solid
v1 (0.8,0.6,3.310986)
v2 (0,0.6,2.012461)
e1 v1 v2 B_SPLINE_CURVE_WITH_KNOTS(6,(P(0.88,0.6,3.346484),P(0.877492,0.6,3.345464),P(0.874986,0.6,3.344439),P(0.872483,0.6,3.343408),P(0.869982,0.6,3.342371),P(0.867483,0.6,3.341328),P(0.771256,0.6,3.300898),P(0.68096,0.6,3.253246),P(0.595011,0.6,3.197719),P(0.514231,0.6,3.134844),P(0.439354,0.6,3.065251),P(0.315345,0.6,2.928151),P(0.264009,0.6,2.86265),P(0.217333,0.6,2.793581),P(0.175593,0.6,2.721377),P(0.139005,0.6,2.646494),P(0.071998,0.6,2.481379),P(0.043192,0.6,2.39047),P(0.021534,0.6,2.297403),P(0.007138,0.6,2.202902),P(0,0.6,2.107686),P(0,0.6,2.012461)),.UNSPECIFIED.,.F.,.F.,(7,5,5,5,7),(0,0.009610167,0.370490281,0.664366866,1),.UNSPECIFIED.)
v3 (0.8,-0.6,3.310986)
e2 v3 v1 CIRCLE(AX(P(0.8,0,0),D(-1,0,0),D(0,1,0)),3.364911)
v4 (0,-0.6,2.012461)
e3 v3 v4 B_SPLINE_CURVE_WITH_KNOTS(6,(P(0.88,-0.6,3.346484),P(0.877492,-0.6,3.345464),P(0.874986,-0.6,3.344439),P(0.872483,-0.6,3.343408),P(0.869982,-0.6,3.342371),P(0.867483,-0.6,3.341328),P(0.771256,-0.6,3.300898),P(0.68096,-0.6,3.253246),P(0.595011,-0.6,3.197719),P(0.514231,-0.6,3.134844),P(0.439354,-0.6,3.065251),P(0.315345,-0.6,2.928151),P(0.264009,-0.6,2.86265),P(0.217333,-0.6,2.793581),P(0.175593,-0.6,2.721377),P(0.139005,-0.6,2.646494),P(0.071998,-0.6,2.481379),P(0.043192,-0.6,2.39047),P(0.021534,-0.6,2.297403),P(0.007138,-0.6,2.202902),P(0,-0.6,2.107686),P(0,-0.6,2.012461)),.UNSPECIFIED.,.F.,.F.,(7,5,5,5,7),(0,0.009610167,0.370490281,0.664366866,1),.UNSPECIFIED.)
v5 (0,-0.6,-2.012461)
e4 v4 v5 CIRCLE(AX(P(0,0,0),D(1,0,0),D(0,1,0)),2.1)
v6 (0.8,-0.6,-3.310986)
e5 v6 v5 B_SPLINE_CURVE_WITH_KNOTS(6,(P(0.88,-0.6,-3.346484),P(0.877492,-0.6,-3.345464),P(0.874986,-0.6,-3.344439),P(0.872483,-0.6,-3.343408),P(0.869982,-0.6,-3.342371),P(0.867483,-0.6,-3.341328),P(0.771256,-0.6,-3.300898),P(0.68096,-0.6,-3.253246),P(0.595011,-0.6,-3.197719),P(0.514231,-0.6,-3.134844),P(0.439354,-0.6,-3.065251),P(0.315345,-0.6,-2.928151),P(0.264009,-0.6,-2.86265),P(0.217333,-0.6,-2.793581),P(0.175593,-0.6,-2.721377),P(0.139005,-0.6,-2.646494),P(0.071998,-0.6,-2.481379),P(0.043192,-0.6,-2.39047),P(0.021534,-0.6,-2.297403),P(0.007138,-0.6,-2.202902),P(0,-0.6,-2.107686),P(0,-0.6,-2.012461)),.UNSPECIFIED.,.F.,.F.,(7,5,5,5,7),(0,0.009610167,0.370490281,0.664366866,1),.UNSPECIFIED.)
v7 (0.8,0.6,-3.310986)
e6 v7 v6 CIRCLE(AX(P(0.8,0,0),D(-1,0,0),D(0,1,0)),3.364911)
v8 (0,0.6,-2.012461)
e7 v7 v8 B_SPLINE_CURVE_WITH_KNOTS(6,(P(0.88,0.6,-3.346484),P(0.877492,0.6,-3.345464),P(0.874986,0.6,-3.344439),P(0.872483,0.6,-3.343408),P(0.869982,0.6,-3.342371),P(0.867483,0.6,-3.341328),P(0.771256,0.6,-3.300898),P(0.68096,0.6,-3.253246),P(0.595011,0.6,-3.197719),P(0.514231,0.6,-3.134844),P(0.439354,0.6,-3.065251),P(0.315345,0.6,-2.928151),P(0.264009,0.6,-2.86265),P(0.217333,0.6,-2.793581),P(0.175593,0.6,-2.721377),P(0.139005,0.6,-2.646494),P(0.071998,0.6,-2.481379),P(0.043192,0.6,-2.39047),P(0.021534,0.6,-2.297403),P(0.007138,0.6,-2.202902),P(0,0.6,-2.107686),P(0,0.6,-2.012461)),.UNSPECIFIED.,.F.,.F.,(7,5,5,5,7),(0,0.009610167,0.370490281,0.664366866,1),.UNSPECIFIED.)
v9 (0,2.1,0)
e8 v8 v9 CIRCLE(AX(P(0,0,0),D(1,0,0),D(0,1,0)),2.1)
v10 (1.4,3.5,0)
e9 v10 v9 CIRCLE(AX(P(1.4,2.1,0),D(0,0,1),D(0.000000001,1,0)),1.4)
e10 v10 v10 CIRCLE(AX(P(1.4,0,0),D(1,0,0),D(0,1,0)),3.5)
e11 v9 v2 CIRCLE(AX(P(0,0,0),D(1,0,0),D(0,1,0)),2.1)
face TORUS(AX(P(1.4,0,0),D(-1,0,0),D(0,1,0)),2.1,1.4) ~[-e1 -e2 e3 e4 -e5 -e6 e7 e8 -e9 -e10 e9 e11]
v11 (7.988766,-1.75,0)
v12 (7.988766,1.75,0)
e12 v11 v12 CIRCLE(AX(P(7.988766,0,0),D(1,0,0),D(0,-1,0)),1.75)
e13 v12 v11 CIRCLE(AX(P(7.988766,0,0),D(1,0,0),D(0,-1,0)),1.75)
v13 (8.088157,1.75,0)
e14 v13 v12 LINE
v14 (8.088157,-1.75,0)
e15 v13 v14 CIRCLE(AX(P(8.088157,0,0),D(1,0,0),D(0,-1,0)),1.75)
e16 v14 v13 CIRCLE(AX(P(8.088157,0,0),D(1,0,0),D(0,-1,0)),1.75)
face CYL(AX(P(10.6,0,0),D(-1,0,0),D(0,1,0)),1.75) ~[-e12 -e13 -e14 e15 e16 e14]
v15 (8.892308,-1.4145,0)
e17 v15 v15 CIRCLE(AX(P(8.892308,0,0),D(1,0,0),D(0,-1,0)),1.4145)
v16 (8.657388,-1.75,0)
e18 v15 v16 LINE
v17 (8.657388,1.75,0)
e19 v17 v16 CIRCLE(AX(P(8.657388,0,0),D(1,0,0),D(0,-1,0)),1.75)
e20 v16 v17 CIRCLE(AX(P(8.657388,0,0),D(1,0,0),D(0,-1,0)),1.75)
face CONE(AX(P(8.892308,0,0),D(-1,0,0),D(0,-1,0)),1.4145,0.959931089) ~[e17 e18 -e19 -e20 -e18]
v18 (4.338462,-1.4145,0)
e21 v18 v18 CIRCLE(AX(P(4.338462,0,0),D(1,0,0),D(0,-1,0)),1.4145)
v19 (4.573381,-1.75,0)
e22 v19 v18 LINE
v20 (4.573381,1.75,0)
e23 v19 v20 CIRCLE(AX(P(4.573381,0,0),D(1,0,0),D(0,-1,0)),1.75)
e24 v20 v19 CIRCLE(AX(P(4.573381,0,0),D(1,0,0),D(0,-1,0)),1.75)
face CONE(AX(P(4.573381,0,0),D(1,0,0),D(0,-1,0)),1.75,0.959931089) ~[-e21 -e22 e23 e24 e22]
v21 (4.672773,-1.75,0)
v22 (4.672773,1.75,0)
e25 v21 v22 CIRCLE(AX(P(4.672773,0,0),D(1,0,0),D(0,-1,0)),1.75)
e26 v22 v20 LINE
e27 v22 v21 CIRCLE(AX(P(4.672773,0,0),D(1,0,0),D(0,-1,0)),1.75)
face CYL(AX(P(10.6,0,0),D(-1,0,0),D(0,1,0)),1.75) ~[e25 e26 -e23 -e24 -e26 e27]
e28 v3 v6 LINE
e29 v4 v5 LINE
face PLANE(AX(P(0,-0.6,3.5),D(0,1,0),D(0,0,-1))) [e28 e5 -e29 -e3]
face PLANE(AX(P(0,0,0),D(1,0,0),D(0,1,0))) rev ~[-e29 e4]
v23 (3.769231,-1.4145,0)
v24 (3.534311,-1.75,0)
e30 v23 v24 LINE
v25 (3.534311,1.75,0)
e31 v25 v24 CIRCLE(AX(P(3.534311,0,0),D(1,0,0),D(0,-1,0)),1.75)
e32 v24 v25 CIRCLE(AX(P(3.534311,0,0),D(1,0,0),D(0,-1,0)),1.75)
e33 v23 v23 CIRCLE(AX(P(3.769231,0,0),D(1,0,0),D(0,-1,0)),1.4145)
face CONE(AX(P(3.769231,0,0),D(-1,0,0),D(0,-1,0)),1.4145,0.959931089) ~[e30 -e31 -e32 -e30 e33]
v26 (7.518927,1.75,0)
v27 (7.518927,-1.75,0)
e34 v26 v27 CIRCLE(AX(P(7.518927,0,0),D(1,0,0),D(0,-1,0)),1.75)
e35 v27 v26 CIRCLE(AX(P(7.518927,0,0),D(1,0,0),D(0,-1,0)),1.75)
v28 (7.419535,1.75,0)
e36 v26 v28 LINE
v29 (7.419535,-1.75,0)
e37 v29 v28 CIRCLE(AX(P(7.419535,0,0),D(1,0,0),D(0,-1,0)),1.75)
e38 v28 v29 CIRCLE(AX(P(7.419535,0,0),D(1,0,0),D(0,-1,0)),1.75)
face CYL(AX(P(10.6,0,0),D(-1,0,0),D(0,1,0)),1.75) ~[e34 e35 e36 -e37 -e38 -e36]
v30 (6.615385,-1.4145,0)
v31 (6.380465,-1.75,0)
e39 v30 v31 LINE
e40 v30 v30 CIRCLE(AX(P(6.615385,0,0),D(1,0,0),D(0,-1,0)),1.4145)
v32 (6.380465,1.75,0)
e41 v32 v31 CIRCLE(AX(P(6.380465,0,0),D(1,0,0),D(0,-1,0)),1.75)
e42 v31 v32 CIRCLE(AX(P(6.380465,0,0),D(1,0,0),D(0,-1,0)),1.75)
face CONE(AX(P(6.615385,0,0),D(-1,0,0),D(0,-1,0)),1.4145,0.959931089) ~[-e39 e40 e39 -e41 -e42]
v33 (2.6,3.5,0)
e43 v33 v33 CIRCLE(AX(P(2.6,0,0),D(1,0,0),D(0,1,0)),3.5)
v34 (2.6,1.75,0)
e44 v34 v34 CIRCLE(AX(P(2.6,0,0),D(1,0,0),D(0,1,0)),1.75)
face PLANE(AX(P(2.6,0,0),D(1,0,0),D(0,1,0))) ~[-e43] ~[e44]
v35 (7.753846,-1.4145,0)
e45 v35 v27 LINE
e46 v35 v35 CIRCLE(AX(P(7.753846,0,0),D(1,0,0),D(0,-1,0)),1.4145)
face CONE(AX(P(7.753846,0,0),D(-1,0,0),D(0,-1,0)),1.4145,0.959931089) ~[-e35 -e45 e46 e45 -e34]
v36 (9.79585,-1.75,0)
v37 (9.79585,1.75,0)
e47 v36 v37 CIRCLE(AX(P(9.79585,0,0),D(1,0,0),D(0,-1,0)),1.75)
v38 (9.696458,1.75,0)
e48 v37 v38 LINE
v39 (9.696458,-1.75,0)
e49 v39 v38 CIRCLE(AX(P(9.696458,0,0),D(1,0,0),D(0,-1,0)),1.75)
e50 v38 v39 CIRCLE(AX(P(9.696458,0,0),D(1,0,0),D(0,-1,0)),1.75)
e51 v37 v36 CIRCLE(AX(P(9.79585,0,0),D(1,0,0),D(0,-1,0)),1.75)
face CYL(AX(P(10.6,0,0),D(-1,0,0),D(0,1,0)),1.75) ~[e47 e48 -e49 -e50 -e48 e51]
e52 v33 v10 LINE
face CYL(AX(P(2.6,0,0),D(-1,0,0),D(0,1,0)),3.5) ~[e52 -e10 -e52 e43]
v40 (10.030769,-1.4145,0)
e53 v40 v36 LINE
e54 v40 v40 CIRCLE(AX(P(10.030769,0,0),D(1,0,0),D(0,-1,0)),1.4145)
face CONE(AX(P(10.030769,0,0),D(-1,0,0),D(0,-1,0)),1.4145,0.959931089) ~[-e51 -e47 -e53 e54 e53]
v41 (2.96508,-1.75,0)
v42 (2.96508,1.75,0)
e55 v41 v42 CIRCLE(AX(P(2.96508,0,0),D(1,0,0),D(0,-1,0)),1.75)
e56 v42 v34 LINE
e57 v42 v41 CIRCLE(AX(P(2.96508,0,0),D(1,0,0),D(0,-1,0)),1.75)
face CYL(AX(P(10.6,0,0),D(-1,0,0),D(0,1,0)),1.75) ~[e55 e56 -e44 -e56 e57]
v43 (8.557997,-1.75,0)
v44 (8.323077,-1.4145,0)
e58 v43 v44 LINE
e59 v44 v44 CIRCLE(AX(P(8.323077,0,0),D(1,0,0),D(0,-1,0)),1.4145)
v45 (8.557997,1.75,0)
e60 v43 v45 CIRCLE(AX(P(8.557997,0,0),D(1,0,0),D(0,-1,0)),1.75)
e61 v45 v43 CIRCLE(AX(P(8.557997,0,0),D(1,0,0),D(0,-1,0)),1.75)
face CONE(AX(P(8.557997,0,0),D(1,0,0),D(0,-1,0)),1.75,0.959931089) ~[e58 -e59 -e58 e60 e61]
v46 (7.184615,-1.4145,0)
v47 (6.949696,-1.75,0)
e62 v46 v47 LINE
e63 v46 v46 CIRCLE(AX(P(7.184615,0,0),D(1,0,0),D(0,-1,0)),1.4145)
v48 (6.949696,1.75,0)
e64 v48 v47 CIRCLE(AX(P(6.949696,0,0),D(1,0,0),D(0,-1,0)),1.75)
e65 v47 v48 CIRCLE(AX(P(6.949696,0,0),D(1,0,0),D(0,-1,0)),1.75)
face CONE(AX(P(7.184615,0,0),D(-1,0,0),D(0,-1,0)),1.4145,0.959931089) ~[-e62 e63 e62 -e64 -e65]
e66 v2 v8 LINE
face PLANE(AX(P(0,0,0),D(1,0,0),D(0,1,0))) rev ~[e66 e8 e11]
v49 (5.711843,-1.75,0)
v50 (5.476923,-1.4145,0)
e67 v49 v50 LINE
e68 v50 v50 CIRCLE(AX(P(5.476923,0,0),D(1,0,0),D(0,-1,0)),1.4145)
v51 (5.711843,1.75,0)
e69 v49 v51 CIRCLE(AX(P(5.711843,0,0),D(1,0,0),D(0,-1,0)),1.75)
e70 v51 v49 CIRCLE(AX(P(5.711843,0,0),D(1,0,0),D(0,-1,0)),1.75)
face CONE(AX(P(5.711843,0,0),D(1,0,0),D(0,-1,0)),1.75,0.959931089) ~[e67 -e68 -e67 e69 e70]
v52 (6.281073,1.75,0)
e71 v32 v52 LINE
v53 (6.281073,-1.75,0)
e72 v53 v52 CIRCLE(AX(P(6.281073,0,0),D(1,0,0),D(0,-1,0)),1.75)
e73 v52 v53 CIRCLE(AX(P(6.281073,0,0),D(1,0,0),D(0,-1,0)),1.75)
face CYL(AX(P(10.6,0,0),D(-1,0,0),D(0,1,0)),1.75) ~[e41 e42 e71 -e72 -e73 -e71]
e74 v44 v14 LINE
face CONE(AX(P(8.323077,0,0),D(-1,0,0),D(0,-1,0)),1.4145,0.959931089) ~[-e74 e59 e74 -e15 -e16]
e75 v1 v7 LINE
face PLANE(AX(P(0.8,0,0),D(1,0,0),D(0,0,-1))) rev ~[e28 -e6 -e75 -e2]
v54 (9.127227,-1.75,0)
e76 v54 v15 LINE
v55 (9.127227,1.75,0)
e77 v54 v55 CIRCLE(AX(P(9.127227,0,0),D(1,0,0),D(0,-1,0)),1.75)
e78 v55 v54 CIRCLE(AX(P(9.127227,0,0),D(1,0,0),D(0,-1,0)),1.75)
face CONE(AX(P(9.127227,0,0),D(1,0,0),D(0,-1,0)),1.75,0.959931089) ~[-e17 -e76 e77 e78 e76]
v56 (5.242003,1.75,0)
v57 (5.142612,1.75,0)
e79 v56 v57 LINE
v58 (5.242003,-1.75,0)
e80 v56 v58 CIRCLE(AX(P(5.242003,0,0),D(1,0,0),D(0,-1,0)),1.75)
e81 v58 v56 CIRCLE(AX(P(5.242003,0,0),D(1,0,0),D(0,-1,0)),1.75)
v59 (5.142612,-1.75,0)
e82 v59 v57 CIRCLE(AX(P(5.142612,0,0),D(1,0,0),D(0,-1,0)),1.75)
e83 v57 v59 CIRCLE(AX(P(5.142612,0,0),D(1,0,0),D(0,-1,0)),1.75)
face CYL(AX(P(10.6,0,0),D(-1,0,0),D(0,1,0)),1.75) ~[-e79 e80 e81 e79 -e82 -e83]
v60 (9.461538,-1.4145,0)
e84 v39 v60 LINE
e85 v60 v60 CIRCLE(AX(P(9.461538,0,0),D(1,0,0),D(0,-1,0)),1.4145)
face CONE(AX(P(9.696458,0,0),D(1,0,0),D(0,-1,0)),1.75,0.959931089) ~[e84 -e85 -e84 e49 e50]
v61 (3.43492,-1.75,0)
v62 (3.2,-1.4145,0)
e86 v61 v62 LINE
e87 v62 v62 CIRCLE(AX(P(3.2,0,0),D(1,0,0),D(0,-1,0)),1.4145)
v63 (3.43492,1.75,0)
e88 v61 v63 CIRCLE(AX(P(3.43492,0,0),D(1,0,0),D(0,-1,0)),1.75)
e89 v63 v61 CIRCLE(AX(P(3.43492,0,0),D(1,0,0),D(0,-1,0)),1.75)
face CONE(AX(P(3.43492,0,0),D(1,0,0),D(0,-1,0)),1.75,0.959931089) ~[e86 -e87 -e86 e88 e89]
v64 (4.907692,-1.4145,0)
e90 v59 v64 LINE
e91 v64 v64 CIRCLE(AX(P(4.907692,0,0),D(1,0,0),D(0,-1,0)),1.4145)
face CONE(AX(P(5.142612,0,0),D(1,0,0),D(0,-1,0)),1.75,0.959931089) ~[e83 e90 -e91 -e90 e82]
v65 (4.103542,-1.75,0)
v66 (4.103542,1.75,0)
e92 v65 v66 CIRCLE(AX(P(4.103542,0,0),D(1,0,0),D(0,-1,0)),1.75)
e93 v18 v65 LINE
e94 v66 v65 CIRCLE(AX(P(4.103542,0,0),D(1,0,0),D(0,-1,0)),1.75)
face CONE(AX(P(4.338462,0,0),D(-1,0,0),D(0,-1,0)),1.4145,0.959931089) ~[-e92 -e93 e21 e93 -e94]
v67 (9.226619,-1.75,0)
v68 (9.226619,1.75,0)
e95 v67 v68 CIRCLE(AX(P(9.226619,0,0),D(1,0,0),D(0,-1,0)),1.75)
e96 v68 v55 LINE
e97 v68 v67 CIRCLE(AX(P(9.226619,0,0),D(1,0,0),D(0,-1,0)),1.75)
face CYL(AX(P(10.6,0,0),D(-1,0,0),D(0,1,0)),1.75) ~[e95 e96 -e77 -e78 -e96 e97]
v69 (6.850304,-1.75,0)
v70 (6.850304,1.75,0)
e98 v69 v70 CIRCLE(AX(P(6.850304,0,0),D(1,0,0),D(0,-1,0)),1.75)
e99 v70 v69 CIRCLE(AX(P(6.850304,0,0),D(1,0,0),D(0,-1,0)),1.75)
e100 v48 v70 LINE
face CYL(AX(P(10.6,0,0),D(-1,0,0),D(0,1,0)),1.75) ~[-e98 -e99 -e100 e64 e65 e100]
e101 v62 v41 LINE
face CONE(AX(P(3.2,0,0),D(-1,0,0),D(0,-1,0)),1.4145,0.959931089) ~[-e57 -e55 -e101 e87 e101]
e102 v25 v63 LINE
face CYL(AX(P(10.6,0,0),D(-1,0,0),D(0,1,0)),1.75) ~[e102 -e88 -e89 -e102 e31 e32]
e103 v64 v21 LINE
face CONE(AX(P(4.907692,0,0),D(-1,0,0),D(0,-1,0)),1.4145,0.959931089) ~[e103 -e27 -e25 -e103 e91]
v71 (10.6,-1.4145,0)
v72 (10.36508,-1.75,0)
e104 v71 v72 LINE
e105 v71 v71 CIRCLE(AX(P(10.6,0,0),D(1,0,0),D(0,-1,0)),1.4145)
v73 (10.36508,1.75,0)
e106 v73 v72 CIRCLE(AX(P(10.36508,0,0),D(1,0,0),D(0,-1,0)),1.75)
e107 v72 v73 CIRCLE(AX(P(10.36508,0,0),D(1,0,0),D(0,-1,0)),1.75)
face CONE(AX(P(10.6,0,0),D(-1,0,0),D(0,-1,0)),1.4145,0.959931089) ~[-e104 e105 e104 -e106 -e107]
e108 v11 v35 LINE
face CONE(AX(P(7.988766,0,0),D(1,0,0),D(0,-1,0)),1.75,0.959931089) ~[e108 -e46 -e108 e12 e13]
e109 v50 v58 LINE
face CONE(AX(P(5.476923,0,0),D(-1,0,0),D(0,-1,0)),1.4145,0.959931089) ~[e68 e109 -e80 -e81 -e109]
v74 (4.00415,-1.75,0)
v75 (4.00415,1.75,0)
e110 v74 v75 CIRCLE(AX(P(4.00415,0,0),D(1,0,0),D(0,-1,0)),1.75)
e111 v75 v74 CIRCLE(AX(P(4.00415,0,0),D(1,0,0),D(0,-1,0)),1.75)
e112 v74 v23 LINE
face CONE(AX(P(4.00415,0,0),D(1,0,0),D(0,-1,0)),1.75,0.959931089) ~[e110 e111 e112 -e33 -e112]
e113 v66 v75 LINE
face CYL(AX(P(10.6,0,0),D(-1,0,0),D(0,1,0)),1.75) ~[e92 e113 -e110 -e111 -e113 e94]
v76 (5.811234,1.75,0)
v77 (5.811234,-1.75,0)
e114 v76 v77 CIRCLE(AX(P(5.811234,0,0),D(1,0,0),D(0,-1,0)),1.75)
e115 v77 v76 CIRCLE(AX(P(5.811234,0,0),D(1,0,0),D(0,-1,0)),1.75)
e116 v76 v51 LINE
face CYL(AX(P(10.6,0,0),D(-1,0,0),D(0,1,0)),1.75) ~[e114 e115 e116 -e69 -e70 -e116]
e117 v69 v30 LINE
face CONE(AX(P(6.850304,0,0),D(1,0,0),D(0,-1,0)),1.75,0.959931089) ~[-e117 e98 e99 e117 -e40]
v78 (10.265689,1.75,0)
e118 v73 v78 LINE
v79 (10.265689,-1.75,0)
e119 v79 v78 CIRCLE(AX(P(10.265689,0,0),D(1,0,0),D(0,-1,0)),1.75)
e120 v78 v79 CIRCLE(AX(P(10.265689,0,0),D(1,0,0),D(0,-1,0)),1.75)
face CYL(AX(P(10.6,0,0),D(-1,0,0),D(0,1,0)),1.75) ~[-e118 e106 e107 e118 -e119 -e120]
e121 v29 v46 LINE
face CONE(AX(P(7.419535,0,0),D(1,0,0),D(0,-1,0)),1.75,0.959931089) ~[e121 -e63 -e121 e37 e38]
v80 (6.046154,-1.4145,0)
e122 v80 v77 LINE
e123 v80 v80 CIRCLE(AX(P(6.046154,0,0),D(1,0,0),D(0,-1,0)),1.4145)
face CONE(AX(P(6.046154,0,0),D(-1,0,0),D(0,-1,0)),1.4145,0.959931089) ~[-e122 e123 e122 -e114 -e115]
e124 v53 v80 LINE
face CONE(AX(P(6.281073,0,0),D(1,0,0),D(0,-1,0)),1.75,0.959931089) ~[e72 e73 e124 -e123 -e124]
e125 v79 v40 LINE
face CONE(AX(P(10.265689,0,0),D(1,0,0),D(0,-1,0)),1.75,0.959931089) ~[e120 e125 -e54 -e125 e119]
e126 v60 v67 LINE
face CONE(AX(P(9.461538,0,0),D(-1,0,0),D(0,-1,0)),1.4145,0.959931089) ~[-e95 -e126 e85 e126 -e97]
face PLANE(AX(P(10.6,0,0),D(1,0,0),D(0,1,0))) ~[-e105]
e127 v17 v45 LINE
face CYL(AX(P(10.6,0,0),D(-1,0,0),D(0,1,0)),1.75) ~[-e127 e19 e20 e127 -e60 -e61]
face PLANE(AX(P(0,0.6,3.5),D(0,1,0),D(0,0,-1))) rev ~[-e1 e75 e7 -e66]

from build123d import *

# Parameters (mm, degrees)
SKETCH2_W       = 7
SKETCH2_H       = 1.2
SLOT_DEPTH      = 0.8
THDSCHPAT_COUNT = 14
THDSCHPAT_PITCH = 0.569230769


with BuildPart() as part:
    # BodySke → Base-Revolve (revolve)
    with BuildSketch(Plane.XY):
        with BuildLine():
            Line((2.6, 1.75), (2.6, 3.5))
            Line((2.6, 3.5), (1.4, 3.5))
            ThreePointArc((1.4, 3.5), (0.410050506, 3.089949494), (0, 2.1))
            Line((0, 2.1), (0, 0))
            Line((0, 0), (10.6, 0))
            Line((10.6, 0), (10.6, 1.75))
            Line((10.6, 1.75), (2.6, 1.75))
        make_face()
    revolve(axis=Axis((-25.4, 0, 0), (1, 0, 0)))

    # Sketch2 → Slot (cut)
    with BuildSketch(Plane(origin=(0, 0, 0), x_dir=(0, 0, -1), z_dir=(1, 0, 0))):
        Rectangle(SKETCH2_W, SKETCH2_H)
    extrude(amount=SLOT_DEPTH, mode=Mode.SUBTRACT)

    # ThdSchSke → ThreadSchematic (revolve, cut)
    with BuildSketch(Plane.XY):
        Polygon((3.2, -1.4145), (2.965080371, -1.75), (2.965080371, -2.1875), (3.434919629, -2.1875), (3.434919629, -1.75), align=None)
    threadschematic = revolve(axis=Axis((-3.175, 0, 0), (1, 0, 0)), mode=Mode.SUBTRACT)

    # ThdSchPat: ThreadSchematic ×14
    with Locations(*[(i * THDSCHPAT_PITCH, 0, 0) for i in range(1, THDSCHPAT_COUNT)]):
        add(threadschematic, mode=Mode.SUBTRACT)


solid = part.part
